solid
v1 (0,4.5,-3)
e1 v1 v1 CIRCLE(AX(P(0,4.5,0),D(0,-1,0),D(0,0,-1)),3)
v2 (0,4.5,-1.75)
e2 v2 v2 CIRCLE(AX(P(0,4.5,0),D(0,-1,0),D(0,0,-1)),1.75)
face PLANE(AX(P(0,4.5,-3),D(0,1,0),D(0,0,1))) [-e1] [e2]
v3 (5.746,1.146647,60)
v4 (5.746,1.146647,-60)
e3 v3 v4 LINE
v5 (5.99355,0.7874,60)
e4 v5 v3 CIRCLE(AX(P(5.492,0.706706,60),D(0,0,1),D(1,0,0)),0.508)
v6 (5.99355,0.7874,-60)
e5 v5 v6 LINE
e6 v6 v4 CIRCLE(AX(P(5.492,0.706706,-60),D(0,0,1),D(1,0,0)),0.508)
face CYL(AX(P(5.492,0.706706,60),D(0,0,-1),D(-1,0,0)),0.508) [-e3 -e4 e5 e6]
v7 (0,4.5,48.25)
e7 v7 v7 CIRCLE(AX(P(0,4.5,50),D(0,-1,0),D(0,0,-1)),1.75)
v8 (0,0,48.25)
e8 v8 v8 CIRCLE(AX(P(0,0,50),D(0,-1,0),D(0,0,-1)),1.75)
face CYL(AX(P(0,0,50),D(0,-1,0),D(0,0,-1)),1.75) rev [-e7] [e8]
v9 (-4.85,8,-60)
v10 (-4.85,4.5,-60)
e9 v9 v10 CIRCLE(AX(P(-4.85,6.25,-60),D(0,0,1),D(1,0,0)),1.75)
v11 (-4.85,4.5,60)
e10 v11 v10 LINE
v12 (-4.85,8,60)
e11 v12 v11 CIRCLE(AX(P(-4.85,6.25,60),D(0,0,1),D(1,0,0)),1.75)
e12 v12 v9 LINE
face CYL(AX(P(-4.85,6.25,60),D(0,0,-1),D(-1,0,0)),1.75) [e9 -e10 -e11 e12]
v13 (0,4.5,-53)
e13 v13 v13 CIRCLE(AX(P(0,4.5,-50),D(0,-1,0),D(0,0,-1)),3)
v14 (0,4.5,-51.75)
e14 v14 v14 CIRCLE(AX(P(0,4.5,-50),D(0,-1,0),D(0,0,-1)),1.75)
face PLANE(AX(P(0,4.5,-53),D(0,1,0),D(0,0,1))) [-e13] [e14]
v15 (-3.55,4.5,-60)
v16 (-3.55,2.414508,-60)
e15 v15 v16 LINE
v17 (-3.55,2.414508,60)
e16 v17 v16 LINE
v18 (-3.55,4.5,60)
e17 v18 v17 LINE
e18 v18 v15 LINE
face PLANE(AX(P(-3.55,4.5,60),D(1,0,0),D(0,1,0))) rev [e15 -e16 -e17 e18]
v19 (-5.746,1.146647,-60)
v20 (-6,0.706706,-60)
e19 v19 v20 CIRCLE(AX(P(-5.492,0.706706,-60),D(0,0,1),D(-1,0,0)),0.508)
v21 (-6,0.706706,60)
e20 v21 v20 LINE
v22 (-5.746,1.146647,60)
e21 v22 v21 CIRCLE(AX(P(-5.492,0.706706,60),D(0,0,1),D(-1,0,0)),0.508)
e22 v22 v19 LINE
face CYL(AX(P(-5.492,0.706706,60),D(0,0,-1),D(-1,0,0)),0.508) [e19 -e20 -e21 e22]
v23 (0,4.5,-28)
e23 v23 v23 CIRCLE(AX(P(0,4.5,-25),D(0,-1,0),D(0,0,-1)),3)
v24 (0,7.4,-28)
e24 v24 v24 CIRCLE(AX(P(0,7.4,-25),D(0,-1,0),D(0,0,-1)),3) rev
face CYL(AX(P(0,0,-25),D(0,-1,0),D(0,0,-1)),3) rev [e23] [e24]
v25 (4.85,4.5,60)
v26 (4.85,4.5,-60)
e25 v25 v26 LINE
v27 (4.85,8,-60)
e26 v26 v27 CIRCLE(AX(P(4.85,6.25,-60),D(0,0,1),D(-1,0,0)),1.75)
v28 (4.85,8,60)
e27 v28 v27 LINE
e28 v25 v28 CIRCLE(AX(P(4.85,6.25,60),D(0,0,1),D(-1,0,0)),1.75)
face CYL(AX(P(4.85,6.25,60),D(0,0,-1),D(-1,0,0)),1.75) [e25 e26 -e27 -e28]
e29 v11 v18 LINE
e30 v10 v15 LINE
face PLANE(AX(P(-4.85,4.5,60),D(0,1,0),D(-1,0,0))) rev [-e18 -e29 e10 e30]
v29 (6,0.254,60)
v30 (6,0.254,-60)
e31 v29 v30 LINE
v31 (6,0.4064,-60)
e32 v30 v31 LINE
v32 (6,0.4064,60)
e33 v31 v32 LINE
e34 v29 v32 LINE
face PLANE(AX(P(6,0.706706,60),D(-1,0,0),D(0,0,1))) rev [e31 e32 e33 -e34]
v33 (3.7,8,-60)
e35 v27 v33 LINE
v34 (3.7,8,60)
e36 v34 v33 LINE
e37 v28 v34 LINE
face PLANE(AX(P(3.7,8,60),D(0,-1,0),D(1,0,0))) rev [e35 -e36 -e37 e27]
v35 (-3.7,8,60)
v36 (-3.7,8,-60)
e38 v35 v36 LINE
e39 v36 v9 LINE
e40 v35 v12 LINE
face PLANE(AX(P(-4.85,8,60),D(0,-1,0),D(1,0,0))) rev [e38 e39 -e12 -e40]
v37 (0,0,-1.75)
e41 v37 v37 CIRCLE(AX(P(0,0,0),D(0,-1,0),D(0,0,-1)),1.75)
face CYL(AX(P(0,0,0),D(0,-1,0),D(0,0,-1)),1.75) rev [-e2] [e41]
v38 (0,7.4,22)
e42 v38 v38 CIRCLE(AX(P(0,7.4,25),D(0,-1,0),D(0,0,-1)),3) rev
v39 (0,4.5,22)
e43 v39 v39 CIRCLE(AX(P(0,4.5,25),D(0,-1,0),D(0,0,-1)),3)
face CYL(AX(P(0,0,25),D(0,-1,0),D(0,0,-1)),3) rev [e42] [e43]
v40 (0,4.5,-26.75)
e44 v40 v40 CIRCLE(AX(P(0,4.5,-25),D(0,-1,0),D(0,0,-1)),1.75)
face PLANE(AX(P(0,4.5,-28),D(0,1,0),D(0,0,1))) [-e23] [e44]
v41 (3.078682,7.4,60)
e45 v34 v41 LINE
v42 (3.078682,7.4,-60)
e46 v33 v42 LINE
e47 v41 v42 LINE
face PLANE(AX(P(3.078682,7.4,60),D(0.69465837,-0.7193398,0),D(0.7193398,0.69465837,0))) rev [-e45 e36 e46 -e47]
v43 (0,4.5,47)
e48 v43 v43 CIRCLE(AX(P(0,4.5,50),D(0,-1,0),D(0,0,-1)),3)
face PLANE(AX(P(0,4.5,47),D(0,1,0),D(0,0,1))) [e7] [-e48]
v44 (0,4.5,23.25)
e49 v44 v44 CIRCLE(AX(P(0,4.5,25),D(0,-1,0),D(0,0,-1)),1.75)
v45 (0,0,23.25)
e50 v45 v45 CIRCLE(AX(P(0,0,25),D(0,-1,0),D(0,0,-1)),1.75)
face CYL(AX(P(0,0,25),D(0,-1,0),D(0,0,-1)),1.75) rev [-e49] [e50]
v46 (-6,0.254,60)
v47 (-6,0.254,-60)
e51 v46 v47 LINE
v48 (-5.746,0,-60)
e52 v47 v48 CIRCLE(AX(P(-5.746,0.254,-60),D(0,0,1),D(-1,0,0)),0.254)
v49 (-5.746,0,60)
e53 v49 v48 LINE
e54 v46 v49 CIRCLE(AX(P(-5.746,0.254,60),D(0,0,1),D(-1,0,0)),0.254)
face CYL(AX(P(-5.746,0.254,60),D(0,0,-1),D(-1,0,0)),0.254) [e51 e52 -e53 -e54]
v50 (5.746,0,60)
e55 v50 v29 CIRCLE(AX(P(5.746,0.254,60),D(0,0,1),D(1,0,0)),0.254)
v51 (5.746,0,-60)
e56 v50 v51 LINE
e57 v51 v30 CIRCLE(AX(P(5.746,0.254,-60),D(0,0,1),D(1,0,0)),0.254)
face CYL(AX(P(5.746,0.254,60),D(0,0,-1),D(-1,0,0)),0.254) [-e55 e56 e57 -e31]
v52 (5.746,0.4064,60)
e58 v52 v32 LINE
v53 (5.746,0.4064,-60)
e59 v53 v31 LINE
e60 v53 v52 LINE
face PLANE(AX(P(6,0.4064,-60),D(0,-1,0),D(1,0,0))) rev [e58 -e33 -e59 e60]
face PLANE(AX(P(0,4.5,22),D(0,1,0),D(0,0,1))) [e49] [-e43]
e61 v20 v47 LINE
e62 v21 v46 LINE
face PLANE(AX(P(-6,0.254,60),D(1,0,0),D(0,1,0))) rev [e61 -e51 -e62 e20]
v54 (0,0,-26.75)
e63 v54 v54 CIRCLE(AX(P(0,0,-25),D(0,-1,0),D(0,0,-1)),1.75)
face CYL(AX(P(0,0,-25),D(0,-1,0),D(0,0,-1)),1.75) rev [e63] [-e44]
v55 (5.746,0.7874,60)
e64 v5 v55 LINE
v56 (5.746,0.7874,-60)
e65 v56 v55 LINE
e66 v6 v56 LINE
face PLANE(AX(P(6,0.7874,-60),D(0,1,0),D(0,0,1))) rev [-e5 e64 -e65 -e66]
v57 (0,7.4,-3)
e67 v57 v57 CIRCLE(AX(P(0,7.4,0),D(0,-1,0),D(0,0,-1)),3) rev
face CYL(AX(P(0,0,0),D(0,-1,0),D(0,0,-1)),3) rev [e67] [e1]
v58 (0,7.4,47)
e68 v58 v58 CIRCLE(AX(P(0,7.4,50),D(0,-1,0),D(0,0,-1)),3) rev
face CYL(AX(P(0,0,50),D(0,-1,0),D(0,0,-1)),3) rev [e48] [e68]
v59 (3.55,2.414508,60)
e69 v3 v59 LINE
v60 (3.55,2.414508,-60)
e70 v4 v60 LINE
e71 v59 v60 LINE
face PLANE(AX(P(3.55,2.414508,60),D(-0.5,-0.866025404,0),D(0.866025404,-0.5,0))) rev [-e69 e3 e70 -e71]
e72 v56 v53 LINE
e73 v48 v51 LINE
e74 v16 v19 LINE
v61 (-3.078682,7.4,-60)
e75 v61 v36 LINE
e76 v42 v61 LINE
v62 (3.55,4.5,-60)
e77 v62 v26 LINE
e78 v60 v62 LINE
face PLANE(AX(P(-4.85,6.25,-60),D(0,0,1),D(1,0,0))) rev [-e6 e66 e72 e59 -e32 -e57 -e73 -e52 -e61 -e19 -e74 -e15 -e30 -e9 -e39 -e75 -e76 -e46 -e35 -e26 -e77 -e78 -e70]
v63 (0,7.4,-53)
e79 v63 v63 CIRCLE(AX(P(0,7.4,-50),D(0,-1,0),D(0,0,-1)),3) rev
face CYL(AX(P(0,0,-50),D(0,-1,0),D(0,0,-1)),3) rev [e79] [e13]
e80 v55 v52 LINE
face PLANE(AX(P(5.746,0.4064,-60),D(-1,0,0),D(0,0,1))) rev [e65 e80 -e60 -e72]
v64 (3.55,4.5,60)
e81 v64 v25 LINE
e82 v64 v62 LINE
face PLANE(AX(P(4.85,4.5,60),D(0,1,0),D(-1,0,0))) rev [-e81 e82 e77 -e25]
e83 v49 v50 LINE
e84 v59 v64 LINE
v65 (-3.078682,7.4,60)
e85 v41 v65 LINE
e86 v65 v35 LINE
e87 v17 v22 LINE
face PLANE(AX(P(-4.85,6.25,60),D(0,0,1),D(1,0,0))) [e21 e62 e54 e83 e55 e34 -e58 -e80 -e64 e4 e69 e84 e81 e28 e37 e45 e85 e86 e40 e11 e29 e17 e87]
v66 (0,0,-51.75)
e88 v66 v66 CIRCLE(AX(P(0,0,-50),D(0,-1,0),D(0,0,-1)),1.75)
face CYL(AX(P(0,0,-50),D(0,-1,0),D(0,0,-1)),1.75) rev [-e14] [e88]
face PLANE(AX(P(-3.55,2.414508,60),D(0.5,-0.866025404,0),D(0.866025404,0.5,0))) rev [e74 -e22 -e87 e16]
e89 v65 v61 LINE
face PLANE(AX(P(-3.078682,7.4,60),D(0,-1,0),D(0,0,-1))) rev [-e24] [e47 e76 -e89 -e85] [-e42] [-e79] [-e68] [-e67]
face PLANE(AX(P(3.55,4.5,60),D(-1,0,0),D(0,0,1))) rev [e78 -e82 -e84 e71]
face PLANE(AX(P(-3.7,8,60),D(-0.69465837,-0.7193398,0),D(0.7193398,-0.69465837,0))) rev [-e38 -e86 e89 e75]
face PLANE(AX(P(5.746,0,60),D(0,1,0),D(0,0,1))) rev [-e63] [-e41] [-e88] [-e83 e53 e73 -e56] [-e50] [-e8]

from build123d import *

# Parameters (mm, degrees)
BOSS_EXTRUDE1_DEPTH     = 60
CUT_EXTRUDE1_DEPTH      = 61.889736409
CUT_EXTRUDE1_DEPTH_BACK = 61.889736409
SKETCH4_W               = 0.254
SKETCH4_H               = 0.381
LPATTERN2_COUNT         = 5
LPATTERN2_PITCH         = 25


with BuildPart() as part:
    # Sketch1 → Boss-Extrude1 (new, symmetric)
    with BuildSketch(Plane.XY):
        with BuildLine():
            Line((-4.85, 8), (-3.7, 8))
            Line((-3.7, 8), (-3.078681812, 7.4))
            Line((-3.078681812, 7.4), (3.078681812, 7.4))
            Line((3.078681812, 7.4), (3.7, 8))
            Line((3.7, 8), (4.85, 8))
            ThreePointArc((4.85, 8), (6.6, 6.25), (4.85, 4.5))
            Line((4.85, 4.5), (3.55, 4.5))
            Line((3.55, 4.5), (3.55, 2.41450816))
            Line((3.55, 2.41450816), (5.746, 1.146646968))
            ThreePointArc((5.746, 1.146646968), (5.931940905, 0.960706063), (6, 0.706706063))
            Line((6, 0.706706063), (6, 0.254))
            ThreePointArc((6, 0.254), (5.925605122, 0.074394878), (5.746, 0))
            Line((5.746, 0), (-5.746, 0))
            ThreePointArc((-5.746, 0), (-5.925605122, 0.074394878), (-6, 0.254))
            Line((-6, 0.254), (-6, 0.706706063))
            ThreePointArc((-6, 0.706706063), (-5.931940905, 0.960706063), (-5.746, 1.146646968))
            Line((-5.746, 1.146646968), (-3.55, 2.41450816))
            Line((-3.55, 2.41450816), (-3.55, 4.5))
            Line((-3.55, 4.5), (-4.85, 4.5))
            ThreePointArc((-4.85, 4.5), (-6.6, 6.25), (-4.85, 8))
        make_face()
    extrude(amount=BOSS_EXTRUDE1_DEPTH, both=True)

    # Sketch4 → Cut-Extrude1 (cut, two sides: drawn at the far end of the back side and taken through both)
    with BuildSketch(Plane.XY.offset(-CUT_EXTRUDE1_DEPTH_BACK)):
        with Locations((5.873, 0.5969)):
            Rectangle(SKETCH4_W, SKETCH4_H)
    extrude(amount=CUT_EXTRUDE1_DEPTH + CUT_EXTRUDE1_DEPTH_BACK, mode=Mode.SUBTRACT)

    # Sketch2 → Cut-Revolve1 (revolve, cut)
    with BuildSketch(Plane(origin=(0, 0, 0), x_dir=(0, 0, -1), z_dir=(1, 0, 0)), mode=Mode.PRIVATE) as cut_revolve1_sk:
        Polygon((-53, 7.4), (-53, 4.5), (-51.75, 4.5), (-51.75, 0), (-50, 0), (-50, 7.4), (-50, 8), (-53, 8), align=None)
    cut_revolve1 = revolve(cut_revolve1_sk.sketch.rotate(Axis((0, 0, 50), (0, 1, 0)), 180), axis=Axis((0, 0, 50), (0, 1, 0)), mode=Mode.SUBTRACT)

    # LPattern2: Cut-Revolve1 ×5
    with Locations(*[(0, 0, -i * LPATTERN2_PITCH) for i in range(1, LPATTERN2_COUNT)]):
        add(cut_revolve1, mode=Mode.SUBTRACT)


solid = part.part
